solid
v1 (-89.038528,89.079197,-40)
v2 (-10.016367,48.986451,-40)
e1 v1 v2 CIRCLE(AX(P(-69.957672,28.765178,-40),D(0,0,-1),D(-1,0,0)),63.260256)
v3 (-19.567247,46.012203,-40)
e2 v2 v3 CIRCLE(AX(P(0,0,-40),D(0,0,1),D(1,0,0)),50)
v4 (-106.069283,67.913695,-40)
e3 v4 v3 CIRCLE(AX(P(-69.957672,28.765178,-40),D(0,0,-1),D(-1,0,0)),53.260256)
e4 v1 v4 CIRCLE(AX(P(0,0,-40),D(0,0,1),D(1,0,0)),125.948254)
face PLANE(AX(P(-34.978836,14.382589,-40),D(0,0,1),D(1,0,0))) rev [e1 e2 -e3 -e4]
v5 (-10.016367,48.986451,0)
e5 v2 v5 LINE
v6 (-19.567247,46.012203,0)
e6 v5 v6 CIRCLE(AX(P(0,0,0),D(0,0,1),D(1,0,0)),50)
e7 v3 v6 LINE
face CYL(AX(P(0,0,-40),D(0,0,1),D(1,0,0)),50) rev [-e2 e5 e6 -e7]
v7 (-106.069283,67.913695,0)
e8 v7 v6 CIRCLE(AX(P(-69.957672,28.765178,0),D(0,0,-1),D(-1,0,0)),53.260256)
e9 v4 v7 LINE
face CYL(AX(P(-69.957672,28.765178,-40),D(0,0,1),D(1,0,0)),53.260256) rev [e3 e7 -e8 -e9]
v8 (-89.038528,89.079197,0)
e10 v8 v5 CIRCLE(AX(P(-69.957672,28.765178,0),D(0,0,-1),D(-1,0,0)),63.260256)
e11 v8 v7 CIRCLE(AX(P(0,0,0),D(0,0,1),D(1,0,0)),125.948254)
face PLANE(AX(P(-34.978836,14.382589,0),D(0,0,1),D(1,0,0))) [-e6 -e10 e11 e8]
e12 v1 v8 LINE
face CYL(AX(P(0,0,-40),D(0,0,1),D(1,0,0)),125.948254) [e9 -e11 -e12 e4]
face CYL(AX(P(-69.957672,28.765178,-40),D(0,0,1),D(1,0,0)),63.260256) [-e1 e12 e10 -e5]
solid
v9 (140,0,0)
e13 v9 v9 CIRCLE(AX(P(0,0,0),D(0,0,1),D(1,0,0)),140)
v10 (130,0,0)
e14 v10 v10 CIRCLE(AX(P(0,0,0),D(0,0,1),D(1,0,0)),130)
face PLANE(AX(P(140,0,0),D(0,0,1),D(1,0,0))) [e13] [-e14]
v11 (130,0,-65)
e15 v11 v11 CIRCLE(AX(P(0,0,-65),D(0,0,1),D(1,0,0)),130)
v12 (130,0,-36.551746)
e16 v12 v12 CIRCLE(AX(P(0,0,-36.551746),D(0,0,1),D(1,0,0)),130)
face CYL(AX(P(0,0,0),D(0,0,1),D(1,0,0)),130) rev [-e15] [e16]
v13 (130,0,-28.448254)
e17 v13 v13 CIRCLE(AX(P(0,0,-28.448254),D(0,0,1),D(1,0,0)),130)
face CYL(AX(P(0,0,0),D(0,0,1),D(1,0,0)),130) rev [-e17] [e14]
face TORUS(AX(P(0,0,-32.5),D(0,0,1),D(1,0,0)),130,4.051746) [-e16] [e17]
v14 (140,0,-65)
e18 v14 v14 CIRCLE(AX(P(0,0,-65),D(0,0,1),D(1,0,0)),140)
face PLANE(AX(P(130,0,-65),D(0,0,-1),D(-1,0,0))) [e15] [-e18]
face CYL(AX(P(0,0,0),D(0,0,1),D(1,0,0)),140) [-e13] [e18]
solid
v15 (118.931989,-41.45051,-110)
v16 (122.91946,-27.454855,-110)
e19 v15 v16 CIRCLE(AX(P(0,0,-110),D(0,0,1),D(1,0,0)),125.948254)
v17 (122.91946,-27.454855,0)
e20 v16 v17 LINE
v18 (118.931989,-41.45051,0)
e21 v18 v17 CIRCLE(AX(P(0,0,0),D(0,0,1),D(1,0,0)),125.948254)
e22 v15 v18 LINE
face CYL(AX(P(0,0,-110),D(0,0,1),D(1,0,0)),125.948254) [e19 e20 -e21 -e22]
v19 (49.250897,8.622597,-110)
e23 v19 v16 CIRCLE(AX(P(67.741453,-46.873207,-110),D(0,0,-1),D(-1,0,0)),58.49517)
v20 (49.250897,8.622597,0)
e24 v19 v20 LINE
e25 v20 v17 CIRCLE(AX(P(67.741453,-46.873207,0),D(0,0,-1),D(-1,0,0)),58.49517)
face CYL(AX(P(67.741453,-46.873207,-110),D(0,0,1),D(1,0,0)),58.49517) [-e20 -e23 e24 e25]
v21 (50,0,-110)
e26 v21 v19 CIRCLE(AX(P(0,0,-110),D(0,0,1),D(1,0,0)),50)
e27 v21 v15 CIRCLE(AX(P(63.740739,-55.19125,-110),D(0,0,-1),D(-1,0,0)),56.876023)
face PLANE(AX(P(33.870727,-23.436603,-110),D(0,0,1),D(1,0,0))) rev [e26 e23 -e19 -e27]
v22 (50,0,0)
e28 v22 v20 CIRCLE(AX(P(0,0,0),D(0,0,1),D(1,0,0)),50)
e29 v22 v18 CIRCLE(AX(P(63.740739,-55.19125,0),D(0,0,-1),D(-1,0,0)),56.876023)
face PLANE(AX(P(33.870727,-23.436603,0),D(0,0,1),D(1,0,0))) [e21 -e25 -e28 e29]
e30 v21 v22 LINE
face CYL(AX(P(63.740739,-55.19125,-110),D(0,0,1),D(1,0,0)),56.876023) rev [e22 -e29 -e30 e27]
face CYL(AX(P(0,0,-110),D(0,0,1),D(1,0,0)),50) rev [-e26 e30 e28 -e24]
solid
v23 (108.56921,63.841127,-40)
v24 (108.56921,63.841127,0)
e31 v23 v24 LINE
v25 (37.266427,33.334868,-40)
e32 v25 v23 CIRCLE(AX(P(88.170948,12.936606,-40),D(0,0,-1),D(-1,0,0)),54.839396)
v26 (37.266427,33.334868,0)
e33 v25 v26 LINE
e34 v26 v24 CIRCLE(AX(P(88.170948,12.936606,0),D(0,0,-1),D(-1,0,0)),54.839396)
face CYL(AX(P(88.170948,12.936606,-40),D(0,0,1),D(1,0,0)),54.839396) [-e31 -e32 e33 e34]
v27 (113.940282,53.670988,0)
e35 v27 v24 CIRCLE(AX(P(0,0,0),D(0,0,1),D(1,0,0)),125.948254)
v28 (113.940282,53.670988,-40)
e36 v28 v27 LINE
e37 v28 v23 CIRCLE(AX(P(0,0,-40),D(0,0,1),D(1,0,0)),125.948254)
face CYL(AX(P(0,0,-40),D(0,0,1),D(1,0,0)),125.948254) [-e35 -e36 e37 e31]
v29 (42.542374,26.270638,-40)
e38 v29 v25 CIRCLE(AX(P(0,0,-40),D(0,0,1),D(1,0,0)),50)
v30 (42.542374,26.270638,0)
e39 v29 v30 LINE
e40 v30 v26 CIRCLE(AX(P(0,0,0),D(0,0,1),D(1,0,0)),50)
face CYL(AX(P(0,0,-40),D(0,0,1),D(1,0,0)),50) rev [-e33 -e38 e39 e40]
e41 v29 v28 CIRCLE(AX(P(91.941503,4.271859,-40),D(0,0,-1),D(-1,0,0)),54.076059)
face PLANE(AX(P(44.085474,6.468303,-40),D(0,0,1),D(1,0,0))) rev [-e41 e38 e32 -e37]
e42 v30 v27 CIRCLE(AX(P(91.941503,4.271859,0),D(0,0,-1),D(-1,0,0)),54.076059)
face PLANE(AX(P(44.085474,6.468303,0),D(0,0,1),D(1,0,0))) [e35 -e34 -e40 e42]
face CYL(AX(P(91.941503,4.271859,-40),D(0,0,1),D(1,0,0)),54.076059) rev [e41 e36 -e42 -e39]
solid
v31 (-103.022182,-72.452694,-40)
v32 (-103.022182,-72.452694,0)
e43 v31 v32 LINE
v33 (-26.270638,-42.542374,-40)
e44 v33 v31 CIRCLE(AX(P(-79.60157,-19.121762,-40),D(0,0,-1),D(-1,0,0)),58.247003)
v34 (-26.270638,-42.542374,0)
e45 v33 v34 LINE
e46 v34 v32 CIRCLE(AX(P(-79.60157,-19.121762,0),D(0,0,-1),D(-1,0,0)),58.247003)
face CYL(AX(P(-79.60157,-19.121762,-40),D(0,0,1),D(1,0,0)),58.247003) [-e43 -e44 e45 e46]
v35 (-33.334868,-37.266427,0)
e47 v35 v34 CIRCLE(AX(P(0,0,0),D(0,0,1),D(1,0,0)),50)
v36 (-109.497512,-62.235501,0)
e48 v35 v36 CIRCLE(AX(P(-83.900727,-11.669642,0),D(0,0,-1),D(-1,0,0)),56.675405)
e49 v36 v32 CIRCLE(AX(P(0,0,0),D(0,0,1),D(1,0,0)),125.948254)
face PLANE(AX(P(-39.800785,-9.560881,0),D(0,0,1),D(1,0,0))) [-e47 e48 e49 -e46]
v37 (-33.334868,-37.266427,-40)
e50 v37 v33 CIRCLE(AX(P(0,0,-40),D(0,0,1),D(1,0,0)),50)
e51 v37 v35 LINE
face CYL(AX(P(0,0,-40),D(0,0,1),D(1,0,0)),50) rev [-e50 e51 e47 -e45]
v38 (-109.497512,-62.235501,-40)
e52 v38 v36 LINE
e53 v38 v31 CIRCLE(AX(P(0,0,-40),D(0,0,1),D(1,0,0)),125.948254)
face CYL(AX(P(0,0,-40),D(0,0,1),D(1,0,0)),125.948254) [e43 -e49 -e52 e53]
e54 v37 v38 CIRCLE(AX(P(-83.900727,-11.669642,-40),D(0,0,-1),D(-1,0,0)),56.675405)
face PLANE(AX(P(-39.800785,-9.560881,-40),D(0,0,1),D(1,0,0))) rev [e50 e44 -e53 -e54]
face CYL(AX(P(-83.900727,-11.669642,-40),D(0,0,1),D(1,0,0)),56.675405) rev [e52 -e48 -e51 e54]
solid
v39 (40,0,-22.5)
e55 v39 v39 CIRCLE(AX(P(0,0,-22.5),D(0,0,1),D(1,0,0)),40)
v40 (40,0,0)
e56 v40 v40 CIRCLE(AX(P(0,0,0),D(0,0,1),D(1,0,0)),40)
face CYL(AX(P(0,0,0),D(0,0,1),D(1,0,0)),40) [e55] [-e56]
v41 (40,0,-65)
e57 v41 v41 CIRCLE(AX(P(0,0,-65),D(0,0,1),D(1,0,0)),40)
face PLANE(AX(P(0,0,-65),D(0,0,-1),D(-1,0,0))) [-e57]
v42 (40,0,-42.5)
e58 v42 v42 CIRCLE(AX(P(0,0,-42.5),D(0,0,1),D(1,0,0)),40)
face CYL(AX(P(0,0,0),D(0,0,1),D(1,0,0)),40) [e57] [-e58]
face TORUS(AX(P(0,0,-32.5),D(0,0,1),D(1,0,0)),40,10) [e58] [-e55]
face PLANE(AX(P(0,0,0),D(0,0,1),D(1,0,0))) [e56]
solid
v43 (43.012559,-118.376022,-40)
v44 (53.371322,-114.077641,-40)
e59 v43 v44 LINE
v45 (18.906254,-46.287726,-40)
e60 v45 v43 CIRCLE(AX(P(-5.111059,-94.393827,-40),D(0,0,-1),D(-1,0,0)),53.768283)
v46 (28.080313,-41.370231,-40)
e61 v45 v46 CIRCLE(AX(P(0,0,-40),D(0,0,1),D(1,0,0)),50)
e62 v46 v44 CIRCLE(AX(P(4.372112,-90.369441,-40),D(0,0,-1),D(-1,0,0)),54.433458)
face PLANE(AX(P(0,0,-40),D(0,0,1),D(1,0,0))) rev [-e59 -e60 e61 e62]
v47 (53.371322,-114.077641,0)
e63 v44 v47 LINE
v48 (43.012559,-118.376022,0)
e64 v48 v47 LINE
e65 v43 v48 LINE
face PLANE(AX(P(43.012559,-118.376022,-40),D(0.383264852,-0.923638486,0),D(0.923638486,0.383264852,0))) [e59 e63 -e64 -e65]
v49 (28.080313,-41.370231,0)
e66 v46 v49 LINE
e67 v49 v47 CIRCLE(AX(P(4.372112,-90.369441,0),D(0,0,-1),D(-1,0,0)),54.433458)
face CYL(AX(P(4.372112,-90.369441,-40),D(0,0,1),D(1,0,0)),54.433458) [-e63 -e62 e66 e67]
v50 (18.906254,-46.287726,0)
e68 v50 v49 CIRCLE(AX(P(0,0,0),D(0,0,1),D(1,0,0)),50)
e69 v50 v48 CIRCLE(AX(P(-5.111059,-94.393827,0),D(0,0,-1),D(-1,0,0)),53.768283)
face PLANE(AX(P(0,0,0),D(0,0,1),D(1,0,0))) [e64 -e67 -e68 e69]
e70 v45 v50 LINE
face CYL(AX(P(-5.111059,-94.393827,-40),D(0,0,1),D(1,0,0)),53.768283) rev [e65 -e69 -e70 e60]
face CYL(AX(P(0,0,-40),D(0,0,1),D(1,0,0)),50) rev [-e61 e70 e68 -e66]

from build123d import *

# Parameters (mm, degrees)
BOSS_EXTRUDE2_DEPTH = 40
BOSS_EXTRUDE3_DEPTH = 110
BOSS_EXTRUDE4_DEPTH = 40
BOSS_EXTRUDE5_DEPTH = 40
BOSS_EXTRUDE6_DEPTH = 40


with BuildPart() as part:
    # Sketch1 → Revolve3 (revolve)
    with BuildSketch(Plane(origin=(0, 0, 0), x_dir=(1, 0, 0), z_dir=(0, 1, 0))):
        with BuildLine():
            Line((0, 0), (0, 65))
            Line((0, 65), (40, 65))
            Line((40, 65), (40, 42.5))
            ThreePointArc((40, 42.5), (50, 32.5), (40, 22.5))
            Line((40, 22.5), (40, 0))
            Line((40, 0), (0, 0))
        make_face()
        with BuildLine():
            Line((130, 36.551745653), (130, 65))
            Line((130, 65), (140, 65))
            Line((140, 65), (140, 0))
            Line((140, 0), (130, 0))
            Line((130, 0), (130, 28.448254347))
            ThreePointArc((130, 28.448254347), (125.948254347, 32.5), (130, 36.551745653))
        make_face()
    revolve(axis=Axis((0, 0, 0), (0, 0, -1)))


with BuildPart() as body_2:
    # Sketch2 → Boss-Extrude2 (new body)
    with BuildSketch(Plane.XY):
        with BuildLine():
            ThreePointArc((-89.038527845, 89.079196967), (-41.335108568, 85.179792965), (-10.016367123, 48.986451082))
            ThreePointArc((-10.016367123, 48.986451082), (-14.866374615, 47.7387778), (-19.56724703, 46.012203204))
            ThreePointArc((-19.56724703, 46.012203204), (-56.885182963, 80.396223361), (-106.06928282, 67.913695343))
            ThreePointArc((-106.06928282, 67.913695343), (-98.126240427, 78.956973806), (-89.038527845, 89.079196967))
        make_face()
    extrude(amount=-BOSS_EXTRUDE2_DEPTH)


with BuildPart() as body_3:
    # Sketch5 → Boss-Extrude3 (new body)
    with BuildSketch(Plane.XY):
        with BuildLine():
            ThreePointArc((50, 0), (93.050676183, -6.448972777), (118.931988865, -41.450510223))
            ThreePointArc((118.931988865, -41.450510223), (121.12803337, -34.510321717), (122.919460364, -27.454854525))
            ThreePointArc((122.919460364, -27.454854525), (93.468634985, 5.660563455), (49.250896673, 8.622596878))
            ThreePointArc((49.250896673, 8.622596878), (49.812372126, 4.327537773), (50, 0))
        make_face()
    extrude(amount=-BOSS_EXTRUDE3_DEPTH)


with BuildPart() as body_4:
    # Sketch6 → Boss-Extrude4 (new body)
    with BuildSketch(Plane.XY):
        with BuildLine():
            ThreePointArc((-33.334867895, -37.266427014), (-66.244925523, -65.524764115), (-109.497512234, -62.235501024))
            ThreePointArc((-109.497512234, -62.235501024), (-106.382577731, -67.42188019), (-103.022181799, -72.452693741))
            ThreePointArc((-103.022181799, -72.452693741), (-58.451779697, -73.393299216), (-26.270637621, -42.542374158))
            ThreePointArc((-26.270637621, -42.542374158), (-29.919274331, -40.060417166), (-33.334867895, -37.266427014))
        make_face()
    extrude(amount=-BOSS_EXTRUDE4_DEPTH)


with BuildPart() as body_5:
    # Sketch7 → Boss-Extrude5 (new body)
    with BuildSketch(Plane.XY):
        with BuildLine():
            ThreePointArc((37.266427014, 33.334867895), (66.599765306, 63.355287149), (108.569209756, 63.84112676))
            ThreePointArc((108.569209756, 63.84112676), (111.370895488, 58.817398881), (113.940281582, 53.670988496))
            ThreePointArc((113.940281582, 53.670988496), (72.566529397, 54.757803848), (42.542374158, 26.270637621))
            ThreePointArc((42.542374158, 26.270637621), (40.060417166, 29.919274331), (37.266427014, 33.334867895))
        make_face()
    extrude(amount=-BOSS_EXTRUDE5_DEPTH)


with BuildPart() as body_6:
    # Sketch8 → Boss-Extrude6 (new body)
    with BuildSketch(Plane.XY):
        with BuildLine():
            Line((43.012559071, -118.376021792), (53.371321769, -114.077641304))
            ThreePointArc((53.371321769, -114.077641304), (55.784014775, -72.485996849), (28.080312525, -41.370231429))
            ThreePointArc((28.080312525, -41.370231429), (23.621596051, -44.068358263), (18.906254171, -46.28772573))
            ThreePointArc((18.906254171, -46.28772573), (45.881676765, -77.341871034), (43.012559071, -118.376021792))
        make_face()
    extrude(amount=-BOSS_EXTRUDE6_DEPTH)


solid = Compound([part.part, body_2.part, body_3.part, body_4.part, body_5.part, body_6.part])
